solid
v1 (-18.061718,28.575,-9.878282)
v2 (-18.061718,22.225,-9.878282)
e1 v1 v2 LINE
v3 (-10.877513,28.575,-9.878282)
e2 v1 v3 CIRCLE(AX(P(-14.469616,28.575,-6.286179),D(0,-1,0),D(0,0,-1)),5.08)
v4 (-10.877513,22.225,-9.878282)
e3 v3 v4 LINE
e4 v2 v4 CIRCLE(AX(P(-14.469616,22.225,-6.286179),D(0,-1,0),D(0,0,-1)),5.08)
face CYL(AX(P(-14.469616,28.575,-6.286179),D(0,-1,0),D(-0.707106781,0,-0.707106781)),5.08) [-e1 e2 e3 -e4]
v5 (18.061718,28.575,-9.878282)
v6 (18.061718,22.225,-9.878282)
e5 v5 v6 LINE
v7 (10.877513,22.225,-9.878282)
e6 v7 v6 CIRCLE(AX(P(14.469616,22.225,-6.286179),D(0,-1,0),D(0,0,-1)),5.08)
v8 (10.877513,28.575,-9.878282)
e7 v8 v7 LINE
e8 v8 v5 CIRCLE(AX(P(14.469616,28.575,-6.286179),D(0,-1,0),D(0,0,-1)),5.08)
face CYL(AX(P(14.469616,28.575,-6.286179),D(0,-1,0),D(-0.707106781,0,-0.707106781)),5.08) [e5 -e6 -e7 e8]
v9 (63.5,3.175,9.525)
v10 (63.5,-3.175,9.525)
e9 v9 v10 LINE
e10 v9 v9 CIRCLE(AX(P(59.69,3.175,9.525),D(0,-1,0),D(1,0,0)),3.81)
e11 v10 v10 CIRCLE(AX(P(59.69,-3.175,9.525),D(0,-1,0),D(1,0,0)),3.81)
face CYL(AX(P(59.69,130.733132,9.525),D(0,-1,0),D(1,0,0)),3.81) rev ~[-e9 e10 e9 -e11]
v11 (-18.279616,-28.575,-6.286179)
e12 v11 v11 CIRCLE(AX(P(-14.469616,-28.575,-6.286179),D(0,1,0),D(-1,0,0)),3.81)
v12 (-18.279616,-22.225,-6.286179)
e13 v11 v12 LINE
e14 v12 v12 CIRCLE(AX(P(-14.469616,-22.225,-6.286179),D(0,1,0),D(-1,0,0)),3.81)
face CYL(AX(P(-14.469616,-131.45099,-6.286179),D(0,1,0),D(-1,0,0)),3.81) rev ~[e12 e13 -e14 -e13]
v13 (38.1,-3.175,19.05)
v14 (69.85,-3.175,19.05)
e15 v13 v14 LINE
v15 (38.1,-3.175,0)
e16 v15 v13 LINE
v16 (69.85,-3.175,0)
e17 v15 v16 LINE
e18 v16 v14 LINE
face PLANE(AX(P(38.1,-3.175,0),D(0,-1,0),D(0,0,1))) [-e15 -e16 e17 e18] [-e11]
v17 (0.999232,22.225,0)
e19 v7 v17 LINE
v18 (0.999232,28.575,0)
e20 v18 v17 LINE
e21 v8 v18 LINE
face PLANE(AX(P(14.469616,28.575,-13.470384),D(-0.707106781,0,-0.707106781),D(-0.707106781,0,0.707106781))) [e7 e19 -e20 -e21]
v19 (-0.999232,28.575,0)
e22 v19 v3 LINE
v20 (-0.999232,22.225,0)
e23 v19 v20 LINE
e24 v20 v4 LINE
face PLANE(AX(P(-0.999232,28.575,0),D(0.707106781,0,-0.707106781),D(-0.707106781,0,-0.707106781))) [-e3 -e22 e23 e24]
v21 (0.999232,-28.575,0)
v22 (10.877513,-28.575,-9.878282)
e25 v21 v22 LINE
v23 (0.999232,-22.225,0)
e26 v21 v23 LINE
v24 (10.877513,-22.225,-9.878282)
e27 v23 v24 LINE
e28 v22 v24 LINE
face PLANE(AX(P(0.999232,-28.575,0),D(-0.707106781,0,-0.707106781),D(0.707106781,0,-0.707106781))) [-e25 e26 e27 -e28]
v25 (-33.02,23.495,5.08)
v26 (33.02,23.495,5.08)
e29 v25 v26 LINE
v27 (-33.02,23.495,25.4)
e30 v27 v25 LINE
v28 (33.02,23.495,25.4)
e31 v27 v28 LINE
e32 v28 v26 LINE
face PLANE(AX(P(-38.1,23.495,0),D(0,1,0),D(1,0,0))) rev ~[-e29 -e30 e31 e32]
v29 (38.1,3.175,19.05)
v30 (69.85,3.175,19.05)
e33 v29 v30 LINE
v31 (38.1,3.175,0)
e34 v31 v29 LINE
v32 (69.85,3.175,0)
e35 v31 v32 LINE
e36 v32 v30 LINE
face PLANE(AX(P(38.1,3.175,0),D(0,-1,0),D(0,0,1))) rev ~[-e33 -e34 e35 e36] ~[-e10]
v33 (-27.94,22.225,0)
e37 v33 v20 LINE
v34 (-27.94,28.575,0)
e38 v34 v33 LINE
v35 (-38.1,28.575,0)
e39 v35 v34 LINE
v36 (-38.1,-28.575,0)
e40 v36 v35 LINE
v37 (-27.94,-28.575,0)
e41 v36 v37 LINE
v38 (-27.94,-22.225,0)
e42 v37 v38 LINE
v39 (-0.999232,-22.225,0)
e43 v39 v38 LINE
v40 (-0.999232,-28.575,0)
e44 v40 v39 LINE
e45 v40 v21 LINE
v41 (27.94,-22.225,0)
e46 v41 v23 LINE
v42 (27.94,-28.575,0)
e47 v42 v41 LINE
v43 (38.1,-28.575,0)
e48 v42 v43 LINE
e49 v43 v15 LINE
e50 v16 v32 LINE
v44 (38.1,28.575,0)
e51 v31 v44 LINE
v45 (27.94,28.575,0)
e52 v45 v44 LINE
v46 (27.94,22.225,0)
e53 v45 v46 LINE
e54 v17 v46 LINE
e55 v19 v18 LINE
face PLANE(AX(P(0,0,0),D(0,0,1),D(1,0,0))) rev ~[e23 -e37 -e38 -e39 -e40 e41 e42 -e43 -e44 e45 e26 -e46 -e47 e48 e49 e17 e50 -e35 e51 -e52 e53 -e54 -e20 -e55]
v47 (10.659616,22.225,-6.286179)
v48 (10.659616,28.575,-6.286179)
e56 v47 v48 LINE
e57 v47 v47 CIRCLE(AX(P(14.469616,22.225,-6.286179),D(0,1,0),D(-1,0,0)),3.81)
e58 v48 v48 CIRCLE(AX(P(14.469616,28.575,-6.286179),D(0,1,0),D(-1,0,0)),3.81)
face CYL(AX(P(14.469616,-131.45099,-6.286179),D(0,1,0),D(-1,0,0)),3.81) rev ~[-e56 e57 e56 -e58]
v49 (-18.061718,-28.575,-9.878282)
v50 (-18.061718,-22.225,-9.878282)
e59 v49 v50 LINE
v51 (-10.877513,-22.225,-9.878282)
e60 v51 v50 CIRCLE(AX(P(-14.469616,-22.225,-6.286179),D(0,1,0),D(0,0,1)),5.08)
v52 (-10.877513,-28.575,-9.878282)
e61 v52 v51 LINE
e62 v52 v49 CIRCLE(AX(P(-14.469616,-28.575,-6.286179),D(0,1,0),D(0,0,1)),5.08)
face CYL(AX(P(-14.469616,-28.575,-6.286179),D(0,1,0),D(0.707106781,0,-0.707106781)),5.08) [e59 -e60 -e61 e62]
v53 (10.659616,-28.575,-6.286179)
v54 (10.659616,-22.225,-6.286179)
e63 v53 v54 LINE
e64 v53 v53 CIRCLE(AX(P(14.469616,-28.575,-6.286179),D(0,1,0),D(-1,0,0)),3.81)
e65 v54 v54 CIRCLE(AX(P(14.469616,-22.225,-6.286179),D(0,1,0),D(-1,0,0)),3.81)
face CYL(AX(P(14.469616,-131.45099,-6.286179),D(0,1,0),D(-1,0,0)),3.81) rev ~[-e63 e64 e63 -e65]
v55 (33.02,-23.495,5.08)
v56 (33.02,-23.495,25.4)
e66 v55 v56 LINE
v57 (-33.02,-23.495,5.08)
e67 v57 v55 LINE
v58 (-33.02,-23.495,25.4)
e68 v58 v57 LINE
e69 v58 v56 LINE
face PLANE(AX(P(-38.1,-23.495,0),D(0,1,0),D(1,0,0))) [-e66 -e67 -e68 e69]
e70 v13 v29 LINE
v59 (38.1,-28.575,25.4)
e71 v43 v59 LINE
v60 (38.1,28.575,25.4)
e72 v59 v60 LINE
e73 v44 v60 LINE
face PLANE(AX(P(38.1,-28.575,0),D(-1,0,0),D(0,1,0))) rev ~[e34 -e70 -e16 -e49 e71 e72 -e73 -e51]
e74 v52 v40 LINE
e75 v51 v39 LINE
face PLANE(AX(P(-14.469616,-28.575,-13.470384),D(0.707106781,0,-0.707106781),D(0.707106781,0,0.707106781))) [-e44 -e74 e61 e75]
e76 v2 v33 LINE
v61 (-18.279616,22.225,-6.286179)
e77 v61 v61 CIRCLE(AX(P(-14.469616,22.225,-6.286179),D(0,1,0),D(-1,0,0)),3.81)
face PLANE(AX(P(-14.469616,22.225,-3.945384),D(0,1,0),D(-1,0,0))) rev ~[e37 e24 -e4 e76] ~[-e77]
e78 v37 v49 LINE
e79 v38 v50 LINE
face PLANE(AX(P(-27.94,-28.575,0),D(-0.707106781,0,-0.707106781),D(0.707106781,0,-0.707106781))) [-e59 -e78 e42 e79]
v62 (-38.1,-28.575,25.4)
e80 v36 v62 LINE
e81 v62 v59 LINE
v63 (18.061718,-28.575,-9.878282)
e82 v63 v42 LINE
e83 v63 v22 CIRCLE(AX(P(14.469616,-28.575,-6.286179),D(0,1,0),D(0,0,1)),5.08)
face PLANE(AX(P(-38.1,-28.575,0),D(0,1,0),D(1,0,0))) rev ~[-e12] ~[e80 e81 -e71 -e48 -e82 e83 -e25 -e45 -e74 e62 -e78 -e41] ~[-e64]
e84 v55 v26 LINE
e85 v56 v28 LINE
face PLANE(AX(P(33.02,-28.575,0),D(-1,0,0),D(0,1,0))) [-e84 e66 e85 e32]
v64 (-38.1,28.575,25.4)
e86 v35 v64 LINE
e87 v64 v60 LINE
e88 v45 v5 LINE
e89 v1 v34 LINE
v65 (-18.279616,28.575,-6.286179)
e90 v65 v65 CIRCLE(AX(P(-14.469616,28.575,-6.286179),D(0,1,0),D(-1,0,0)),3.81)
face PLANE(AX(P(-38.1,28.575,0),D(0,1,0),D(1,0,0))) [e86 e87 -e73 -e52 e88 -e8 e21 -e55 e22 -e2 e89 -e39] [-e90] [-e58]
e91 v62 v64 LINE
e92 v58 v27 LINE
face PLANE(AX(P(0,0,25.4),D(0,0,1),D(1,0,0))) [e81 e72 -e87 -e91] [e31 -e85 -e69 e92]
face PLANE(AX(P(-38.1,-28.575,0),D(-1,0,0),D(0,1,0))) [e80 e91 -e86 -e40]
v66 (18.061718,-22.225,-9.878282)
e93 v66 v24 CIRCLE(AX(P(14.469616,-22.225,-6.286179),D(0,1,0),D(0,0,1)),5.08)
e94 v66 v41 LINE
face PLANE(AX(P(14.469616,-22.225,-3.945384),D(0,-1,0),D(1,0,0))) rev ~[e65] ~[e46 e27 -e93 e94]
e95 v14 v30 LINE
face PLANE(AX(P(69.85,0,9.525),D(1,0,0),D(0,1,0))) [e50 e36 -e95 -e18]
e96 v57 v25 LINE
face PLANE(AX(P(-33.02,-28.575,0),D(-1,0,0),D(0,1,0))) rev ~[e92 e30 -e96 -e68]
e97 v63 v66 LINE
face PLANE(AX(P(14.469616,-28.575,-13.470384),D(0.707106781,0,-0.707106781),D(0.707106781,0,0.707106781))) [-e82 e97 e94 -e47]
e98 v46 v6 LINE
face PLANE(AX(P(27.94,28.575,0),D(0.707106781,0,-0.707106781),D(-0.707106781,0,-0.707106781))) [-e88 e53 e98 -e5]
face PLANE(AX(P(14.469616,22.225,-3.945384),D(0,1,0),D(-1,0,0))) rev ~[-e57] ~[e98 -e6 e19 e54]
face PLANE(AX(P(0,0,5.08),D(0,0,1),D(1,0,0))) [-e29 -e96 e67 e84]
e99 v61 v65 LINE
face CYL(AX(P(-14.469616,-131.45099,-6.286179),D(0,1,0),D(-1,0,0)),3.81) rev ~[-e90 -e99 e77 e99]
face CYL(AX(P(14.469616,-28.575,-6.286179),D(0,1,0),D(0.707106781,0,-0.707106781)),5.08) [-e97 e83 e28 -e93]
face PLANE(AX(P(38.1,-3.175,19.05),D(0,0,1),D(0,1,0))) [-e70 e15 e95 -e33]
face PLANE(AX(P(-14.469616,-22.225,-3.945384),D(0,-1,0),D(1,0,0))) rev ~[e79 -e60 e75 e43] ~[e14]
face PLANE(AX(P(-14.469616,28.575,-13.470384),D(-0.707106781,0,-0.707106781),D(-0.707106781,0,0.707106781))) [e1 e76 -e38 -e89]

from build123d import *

# Parameters (mm, degrees)
F0_W      = 76.2
F0_H      = 57.15
F1_DEPTH  = 25.4
F2_T      = -5.08
F4_DEPTH  = 6.35
F5_R      = 5.08
F8_DEPTH  = 6.35
F9_D      = 7.62
F10_R     = 5.08
F11_W     = 6.35
F11_H     = 19.05
F12_DEPTH = 31.75
F14_D     = 7.62


with BuildPart() as f1:
    # F0 (on Top) → F1 (new body)
    with BuildSketch(Plane.XY):
        Rectangle(F0_W, F0_H)
    extrude(amount=F1_DEPTH)

    # F2
    f2_openings = [f1.faces().sort_by_distance(p)[0] for p in [
        (0, 0, 25.4),
    ]]
    offset(amount=F2_T, openings=f2_openings)

    # F3 (on face) → F4 (join)
    with BuildSketch(Plane.XZ.offset(28.575)):
        Polygon((-0.9992316368, 0), (-27.94, 0), (-14.4696158184, -13.4703841816), align=None)
        Polygon((27.94, 0), (0.9992316368, 0), (14.4696158184, -13.4703841816), align=None)
    extrude(amount=-F4_DEPTH)

    # F5
    f5_edges = [f1.edges().sort_by_distance(p)[0] for p in [
        (-14.469616, -25.4, -13.470384),
        (14.469616, -25.4, -13.470384),
    ]]
    fillet(f5_edges, radius=F5_R)

    # F7 (on face) → F8 (join)
    with BuildSketch(Plane(origin=(0, 28.575, 0), x_dir=(-1, 0, 0), z_dir=(0, 1, 0))):
        Polygon((-0.9992316368, 0), (-27.94, 0), (-14.4696158184, -13.4703841816), align=None)
        Polygon((27.94, 0), (0.9992316368, 0), (14.4696158184, -13.4703841816), align=None)
    extrude(amount=-F8_DEPTH)

    # F9 (through all)
    with Locations(Plane.XZ.offset(28.575)):
        with Locations((-14.4696158184, -6.2861792847), (14.4696158184, -6.2861792847)):
            Hole(F9_D / 2)

    # F10
    f10_edges = [f1.edges().sort_by_distance(p)[0] for p in [
        (14.469616, 25.4, -13.470384),
        (-14.469616, 25.4, -13.470384),
    ]]
    fillet(f10_edges, radius=F10_R)

    # F11 (on face) → F12 (join)
    with BuildSketch(Plane.YZ.offset(38.1)):
        with Locations((0, 9.525)):
            Rectangle(F11_W, F11_H)
    extrude(amount=F12_DEPTH)

    # F14 (through all)
    with Locations(Plane(origin=(0, 3.175, 0), x_dir=(-1, 0, 0), z_dir=(0, 1, 0))):
        with Locations((-59.69, 9.525)):
            Hole(F14_D / 2)


solid = f1.part
